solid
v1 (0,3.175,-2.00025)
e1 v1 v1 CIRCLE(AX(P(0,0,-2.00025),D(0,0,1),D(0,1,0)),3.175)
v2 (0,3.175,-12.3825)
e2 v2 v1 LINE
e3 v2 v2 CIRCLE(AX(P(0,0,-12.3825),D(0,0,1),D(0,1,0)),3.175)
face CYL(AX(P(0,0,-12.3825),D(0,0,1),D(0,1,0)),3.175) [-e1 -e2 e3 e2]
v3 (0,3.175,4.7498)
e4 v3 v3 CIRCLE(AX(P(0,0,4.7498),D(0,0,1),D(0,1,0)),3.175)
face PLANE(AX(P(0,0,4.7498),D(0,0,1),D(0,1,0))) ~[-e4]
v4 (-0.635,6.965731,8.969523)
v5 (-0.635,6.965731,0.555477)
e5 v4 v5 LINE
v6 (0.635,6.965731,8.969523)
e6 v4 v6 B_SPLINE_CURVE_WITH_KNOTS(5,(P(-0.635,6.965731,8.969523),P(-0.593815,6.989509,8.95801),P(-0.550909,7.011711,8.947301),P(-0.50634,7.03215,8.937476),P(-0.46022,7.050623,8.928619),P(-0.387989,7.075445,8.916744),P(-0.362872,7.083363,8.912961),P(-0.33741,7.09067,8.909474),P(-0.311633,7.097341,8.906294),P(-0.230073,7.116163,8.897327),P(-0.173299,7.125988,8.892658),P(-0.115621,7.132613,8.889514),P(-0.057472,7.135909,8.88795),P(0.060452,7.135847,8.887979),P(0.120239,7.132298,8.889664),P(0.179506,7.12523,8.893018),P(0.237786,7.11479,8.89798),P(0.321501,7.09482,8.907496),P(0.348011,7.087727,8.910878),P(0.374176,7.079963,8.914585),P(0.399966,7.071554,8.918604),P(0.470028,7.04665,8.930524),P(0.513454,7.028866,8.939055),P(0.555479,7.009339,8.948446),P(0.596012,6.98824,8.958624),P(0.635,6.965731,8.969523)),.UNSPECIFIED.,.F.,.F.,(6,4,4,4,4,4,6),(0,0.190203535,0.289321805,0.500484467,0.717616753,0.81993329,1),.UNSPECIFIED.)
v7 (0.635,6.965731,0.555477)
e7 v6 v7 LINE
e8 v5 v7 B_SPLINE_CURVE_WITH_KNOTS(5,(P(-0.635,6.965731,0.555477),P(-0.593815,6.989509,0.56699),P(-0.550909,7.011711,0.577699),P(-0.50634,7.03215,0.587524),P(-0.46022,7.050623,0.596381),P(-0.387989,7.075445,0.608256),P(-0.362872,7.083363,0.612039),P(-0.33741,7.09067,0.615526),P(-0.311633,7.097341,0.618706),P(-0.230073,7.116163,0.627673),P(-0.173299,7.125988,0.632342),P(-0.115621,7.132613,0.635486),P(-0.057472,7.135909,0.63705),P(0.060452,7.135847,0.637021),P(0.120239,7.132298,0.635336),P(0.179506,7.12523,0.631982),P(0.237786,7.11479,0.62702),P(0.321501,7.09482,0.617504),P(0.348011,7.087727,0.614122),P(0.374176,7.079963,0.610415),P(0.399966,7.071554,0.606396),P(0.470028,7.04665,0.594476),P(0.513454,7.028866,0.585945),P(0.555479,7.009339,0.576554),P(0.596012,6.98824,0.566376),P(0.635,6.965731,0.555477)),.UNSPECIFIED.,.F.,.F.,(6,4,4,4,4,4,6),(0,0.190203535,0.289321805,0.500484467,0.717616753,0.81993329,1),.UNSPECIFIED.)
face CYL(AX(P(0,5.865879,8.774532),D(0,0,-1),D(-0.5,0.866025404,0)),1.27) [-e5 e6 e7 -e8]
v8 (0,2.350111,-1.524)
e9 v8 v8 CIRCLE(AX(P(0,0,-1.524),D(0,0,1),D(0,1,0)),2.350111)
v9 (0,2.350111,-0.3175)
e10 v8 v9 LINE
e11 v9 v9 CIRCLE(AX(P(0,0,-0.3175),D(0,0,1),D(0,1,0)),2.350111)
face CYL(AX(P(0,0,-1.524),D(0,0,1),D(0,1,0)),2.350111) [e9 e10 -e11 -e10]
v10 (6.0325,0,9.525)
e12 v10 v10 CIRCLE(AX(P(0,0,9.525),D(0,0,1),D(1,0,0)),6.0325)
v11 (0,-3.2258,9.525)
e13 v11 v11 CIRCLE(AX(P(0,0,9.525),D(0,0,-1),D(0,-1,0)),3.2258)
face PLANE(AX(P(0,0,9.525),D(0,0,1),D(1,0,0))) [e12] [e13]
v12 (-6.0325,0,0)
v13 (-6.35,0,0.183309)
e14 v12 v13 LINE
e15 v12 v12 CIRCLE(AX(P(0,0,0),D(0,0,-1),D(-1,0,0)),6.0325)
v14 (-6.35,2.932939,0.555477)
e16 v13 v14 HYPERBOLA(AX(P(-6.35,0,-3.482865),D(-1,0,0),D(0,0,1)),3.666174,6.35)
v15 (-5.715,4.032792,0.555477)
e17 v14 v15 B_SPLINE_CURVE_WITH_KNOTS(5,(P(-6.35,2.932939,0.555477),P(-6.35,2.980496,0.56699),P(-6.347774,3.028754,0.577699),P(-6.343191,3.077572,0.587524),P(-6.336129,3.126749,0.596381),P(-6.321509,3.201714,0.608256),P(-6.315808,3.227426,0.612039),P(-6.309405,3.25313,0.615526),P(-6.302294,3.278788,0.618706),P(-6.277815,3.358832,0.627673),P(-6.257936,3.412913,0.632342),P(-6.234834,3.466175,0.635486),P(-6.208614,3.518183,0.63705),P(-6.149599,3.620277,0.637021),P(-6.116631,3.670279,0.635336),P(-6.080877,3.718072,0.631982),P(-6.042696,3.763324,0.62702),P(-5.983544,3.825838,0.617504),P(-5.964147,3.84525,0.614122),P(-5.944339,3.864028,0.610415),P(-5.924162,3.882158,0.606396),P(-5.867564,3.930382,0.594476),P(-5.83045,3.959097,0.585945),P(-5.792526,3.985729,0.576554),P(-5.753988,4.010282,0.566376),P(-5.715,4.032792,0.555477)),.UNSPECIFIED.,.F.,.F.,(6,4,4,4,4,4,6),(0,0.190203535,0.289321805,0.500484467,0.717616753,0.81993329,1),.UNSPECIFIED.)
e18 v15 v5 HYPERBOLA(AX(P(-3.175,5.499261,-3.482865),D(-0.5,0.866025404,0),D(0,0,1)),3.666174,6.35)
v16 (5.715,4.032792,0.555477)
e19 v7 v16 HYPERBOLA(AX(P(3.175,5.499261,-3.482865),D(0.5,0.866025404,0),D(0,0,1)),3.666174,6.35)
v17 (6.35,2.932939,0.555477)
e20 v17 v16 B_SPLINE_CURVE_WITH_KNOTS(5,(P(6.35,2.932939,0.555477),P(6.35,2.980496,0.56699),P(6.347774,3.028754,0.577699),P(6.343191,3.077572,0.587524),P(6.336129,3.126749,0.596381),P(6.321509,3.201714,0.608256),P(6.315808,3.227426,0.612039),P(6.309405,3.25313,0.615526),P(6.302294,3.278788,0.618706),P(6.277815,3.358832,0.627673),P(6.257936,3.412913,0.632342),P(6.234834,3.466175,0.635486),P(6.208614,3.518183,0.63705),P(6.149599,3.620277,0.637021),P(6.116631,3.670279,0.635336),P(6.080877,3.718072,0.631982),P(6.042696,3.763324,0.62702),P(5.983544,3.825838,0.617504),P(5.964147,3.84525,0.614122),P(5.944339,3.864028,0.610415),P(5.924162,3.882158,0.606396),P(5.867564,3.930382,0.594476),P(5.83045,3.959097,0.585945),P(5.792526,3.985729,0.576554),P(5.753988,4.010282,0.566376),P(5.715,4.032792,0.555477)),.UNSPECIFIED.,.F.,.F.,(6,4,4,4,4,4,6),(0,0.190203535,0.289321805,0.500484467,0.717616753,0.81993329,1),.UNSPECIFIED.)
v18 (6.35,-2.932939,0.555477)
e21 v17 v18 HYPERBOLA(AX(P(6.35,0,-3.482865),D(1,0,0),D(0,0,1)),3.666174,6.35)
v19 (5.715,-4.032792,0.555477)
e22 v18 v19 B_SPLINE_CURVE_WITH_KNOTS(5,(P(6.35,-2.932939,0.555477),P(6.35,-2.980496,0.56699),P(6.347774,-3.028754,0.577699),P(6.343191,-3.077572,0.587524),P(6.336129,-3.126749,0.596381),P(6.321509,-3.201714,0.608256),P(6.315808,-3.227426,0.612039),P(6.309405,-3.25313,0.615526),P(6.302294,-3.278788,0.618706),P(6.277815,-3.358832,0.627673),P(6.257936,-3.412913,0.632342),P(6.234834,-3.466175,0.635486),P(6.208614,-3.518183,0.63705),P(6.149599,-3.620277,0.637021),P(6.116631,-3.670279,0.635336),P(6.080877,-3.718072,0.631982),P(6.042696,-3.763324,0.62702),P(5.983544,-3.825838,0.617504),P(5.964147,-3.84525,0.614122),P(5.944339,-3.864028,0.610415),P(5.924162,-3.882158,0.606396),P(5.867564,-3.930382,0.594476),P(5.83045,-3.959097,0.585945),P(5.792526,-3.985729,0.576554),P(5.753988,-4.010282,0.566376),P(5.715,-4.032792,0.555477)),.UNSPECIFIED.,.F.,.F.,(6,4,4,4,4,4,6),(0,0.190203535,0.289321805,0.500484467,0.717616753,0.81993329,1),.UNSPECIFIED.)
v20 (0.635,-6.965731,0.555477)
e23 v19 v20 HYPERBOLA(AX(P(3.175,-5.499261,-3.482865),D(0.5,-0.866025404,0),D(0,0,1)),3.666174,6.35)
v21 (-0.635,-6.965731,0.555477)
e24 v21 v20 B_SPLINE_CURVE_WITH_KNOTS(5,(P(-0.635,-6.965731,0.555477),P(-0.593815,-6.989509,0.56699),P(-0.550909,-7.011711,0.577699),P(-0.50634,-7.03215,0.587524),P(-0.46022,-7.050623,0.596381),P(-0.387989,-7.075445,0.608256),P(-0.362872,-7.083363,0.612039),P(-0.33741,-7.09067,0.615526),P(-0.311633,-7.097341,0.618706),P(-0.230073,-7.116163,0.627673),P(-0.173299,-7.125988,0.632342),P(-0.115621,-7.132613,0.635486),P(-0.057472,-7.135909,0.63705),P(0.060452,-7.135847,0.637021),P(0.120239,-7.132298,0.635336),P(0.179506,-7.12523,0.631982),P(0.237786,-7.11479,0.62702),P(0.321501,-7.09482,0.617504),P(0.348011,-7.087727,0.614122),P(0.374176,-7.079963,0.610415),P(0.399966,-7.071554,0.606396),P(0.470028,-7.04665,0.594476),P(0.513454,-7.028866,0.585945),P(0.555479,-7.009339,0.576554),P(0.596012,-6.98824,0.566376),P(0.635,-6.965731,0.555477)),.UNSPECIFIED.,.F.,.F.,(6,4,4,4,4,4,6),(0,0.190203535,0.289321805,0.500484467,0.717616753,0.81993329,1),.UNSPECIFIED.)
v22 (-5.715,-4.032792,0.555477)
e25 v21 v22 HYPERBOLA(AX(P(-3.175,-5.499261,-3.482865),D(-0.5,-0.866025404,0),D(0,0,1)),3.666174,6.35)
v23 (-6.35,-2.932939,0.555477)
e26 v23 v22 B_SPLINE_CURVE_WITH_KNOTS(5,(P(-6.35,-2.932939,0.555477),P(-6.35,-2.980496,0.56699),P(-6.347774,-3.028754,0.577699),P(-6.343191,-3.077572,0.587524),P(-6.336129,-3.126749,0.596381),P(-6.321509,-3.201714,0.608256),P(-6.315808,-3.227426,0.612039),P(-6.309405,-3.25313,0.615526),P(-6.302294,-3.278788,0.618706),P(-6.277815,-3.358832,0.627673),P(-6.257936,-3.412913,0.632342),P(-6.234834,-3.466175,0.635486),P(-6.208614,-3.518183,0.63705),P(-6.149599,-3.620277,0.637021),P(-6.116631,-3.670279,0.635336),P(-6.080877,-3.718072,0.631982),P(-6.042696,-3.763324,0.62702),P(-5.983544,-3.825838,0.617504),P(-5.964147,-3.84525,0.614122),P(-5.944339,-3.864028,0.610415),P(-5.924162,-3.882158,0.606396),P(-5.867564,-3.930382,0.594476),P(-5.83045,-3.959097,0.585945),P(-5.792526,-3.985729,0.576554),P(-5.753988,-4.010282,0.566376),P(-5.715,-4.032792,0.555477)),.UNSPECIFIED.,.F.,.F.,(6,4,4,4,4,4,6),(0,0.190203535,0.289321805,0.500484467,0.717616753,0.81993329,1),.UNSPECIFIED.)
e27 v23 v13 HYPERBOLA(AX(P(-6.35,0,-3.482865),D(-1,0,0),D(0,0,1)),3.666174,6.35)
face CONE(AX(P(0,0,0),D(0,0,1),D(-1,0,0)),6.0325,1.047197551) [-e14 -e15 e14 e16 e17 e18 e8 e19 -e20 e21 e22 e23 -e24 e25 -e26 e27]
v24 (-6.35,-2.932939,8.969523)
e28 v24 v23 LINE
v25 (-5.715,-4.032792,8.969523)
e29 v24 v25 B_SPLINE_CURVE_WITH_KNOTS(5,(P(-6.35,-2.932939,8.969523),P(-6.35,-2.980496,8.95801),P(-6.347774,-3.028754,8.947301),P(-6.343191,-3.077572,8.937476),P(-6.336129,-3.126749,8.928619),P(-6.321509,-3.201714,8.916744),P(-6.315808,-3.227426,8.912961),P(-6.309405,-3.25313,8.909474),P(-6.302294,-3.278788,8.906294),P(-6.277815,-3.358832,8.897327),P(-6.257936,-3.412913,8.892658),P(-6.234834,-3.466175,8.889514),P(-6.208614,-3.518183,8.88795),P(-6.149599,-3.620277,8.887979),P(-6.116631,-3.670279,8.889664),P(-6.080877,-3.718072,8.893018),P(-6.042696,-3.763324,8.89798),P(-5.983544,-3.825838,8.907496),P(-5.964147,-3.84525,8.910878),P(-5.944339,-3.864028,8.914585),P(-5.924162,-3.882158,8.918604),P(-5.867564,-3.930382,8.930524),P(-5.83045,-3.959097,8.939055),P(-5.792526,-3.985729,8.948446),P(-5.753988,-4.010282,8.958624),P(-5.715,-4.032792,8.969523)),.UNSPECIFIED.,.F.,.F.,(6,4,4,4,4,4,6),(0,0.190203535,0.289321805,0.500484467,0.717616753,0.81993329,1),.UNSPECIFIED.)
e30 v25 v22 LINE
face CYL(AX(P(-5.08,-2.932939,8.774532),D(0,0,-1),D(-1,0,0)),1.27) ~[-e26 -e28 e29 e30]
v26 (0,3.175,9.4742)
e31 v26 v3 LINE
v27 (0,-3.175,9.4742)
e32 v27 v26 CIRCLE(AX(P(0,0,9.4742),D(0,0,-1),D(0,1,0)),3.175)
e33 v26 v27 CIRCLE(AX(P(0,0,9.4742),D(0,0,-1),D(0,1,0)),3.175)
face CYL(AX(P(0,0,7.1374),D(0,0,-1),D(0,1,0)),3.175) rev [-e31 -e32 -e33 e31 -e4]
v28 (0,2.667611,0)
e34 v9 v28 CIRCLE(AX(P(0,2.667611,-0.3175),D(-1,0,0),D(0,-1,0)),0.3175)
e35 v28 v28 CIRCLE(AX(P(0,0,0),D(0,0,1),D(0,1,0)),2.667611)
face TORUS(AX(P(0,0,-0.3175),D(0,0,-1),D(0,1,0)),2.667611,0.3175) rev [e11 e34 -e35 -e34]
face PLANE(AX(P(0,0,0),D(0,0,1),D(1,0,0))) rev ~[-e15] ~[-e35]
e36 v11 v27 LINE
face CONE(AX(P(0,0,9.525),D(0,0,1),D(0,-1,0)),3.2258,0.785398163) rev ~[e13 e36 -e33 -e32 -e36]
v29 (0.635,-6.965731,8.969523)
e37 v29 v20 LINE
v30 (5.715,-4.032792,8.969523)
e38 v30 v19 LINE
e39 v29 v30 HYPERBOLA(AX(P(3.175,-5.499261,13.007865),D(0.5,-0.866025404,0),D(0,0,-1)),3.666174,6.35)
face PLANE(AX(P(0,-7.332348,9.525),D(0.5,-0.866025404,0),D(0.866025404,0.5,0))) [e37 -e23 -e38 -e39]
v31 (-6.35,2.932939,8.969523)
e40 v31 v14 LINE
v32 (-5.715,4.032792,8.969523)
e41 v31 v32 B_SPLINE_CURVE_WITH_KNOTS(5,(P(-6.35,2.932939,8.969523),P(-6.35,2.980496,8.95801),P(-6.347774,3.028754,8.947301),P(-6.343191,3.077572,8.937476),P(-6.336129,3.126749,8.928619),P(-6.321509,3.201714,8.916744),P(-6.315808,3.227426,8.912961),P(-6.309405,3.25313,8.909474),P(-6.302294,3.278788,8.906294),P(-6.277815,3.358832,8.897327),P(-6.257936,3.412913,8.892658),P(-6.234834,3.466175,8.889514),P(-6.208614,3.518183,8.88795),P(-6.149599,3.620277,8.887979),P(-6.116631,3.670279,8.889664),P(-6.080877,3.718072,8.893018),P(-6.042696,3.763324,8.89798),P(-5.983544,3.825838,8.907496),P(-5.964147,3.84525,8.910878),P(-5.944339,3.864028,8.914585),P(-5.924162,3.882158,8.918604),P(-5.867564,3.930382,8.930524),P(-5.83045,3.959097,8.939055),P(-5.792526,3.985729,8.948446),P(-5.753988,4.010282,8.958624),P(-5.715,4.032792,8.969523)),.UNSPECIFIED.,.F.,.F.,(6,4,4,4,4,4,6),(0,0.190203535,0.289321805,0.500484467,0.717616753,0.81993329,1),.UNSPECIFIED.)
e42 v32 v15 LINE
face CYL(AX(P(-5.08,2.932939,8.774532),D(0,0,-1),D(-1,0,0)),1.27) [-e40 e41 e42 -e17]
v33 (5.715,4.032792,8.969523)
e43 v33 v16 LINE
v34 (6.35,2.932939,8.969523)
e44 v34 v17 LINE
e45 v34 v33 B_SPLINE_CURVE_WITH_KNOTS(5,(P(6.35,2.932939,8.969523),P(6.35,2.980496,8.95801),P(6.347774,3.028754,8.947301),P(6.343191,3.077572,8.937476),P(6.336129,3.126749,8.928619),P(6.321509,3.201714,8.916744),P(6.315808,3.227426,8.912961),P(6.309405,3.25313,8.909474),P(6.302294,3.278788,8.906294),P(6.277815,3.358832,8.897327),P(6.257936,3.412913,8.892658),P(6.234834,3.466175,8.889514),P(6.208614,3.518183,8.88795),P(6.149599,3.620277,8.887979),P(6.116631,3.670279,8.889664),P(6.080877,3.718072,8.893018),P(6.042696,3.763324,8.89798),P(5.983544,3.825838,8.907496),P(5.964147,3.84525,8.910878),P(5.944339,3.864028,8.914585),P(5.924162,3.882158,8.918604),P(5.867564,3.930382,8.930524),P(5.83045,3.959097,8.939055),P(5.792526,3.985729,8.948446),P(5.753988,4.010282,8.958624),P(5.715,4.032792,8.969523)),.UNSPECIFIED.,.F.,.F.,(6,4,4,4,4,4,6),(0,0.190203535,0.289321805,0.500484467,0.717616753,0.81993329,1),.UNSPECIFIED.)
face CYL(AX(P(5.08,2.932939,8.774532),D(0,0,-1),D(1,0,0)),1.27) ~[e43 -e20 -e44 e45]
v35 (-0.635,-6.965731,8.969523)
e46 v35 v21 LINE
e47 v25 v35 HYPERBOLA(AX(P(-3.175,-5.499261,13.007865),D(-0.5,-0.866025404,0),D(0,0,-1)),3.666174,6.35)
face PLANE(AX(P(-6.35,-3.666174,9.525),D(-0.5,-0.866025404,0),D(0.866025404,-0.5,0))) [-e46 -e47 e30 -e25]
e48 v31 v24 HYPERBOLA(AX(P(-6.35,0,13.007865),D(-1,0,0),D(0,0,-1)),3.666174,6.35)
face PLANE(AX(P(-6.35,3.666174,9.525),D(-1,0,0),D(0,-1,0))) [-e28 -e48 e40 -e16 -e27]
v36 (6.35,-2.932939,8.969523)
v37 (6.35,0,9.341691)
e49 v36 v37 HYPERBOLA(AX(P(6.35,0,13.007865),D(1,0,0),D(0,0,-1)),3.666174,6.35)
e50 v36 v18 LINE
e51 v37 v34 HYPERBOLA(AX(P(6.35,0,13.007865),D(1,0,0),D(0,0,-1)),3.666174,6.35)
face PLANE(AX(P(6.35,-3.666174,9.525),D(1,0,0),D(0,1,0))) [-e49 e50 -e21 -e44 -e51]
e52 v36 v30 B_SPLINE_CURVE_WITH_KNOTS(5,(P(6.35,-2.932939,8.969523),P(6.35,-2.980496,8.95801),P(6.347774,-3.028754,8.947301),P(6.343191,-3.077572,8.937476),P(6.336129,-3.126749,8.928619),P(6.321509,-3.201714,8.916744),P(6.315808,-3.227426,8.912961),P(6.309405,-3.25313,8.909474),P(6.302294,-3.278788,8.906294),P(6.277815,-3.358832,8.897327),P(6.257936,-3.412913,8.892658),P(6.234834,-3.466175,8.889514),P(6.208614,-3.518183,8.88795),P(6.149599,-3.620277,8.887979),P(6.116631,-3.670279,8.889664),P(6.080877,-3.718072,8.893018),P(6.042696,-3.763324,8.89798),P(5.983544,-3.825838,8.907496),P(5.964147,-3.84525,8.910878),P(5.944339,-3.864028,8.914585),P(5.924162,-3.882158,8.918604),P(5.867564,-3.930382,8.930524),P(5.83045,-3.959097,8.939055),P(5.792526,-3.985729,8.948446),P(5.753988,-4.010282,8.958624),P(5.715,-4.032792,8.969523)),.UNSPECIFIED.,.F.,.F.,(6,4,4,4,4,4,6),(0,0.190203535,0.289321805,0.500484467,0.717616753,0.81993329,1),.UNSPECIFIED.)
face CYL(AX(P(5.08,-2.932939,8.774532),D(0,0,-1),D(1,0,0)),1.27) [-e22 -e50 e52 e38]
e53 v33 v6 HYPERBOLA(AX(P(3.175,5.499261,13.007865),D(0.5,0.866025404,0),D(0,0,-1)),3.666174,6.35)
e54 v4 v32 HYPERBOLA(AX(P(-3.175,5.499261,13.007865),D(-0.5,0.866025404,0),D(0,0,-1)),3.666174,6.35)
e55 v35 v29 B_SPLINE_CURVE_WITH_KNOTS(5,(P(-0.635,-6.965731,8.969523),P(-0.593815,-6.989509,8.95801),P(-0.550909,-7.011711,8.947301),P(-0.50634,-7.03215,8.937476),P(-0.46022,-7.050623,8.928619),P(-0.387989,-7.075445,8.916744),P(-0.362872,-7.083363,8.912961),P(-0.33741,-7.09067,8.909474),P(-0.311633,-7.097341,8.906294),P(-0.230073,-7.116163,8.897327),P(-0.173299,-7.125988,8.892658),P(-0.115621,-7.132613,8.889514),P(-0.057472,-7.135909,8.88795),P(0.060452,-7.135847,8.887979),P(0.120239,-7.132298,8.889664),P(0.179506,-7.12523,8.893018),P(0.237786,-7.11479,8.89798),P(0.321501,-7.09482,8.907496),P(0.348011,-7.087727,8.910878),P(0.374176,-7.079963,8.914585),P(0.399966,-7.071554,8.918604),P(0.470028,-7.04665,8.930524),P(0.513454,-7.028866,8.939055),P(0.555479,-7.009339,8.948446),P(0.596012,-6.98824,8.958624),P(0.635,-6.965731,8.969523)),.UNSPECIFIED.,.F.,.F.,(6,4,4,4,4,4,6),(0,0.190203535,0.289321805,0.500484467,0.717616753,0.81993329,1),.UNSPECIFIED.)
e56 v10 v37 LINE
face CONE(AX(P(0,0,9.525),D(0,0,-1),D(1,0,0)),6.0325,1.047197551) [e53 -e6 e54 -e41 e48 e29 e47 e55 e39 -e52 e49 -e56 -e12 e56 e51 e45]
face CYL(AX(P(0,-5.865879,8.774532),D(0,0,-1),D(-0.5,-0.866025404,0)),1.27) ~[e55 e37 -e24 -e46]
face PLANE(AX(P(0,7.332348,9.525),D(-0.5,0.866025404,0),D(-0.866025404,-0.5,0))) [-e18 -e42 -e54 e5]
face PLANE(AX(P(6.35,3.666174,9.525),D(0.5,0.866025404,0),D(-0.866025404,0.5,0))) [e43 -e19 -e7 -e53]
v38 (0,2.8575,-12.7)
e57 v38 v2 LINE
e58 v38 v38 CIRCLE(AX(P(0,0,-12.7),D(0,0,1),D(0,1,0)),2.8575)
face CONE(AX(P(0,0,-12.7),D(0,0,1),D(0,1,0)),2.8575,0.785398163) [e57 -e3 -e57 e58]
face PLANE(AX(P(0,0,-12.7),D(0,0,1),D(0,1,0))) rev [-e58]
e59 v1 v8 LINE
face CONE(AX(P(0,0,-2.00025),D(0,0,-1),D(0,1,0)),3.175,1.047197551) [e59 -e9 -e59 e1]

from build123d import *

# Parameters (mm, degrees)
SKETCH4_R           = 4.7625
BOSS_EXTRUDE1_DEPTH = 9.525
SKETCH5_OUTSIDE_W   = 108.066
SKETCH5_OUTSIDE_H   = 110.03
SKETCH5_OUTSIDE_R   = 6.0325
CUT_EXTRUDE1_DEPTH  = 25.249463052
CUT_EXTRUDE1_DRAFT  = -60
SKETCH6_OUTSIDE_W   = 79.422
SKETCH6_OUTSIDE_H   = 81.386
SKETCH6_OUTSIDE_R   = 6.0325
CUT_EXTRUDE2_DEPTH  = 16.980482888
CUT_EXTRUDE2_DRAFT  = -60
FILLET1_R           = 1.27
SKETCH9_R           = 3.4925
BOSS_EXTRUDE2_DEPTH = 4.7752
SKETCH10_W          = 4.7752
SKETCH10_H          = 3.175


with BuildPart() as part:
    # Sketch3 → Revolve1 (revolve)
    with BuildSketch(Plane(origin=(0, 0, 0), x_dir=(0, 0, -1), z_dir=(1, 0, 0))):
        with BuildLine():
            Line((-4.7498, 2.8575), (-4.7498, 0))
            Line((-4.7498, 0), (12.7, 0))
            Line((12.7, 0), (12.7, 2.8575))
            Line((12.7, 2.8575), (12.3825, 3.175))
            Line((12.3825, 3.175), (2.00025, 3.175))
            Line((2.00025, 3.175), (1.524, 2.350110803))
            Line((1.524, 2.350110803), (0.3175, 2.350110803))
            ThreePointArc((0.3175, 2.350110803), (0.092993597, 2.4431044), (0, 2.667610803))
            Line((0, 2.667610803), (0, 6.35))
            Line((0, 6.35), (-9.525, 6.35))
            Line((-9.525, 6.35), (-9.525, 3.4925))
            Line((-9.525, 3.4925), (-9.2075, 3.175))
            Line((-9.2075, 3.175), (-5.0673, 3.175))
            Line((-5.0673, 3.175), (-4.7498, 2.8575))
        make_face()
    revolve(axis=Axis((0, 0, -12.7), (0, 0, 1)))

    # Sketch4 → Boss-Extrude1 (add)
    with BuildSketch(Plane.XY.offset(9.525)):
        Polygon((-6.35, 3.666174209), (-6.35, -3.666174209), (0, -7.332348419), (6.35, -3.666174209), (6.35, 3.666174209), (0, 7.332348419), align=None)
        Circle(SKETCH4_R, mode=Mode.SUBTRACT)
    extrude(amount=-BOSS_EXTRUDE1_DEPTH)


with BuildPart() as cut_extrude1_tool:
    # Sketch5 outside → Cut-Extrude1 (with draft: the straight prism first)
    with BuildSketch(Plane.XY.offset(9.525)):
        Rectangle(SKETCH5_OUTSIDE_W, SKETCH5_OUTSIDE_H)
        Circle(SKETCH5_OUTSIDE_R, mode=Mode.SUBTRACT)
    extrude(amount=-CUT_EXTRUDE1_DEPTH)
    # Cut-Extrude1: the draft: its side faces are tilted about the plane it starts from
    cut_extrude1_sides = [cut_extrude1_tool.faces().sort_by_distance(p)[0] for p in [
        (0, -55.015, -3.099731526),
        (54.033, 0, -3.099731526),
        (0, 55.015, -3.099731526),
        (-54.033, 0, -3.099731526),
        (-6.0325, 0, -3.099731526),
    ]]
    draft(cut_extrude1_sides, Plane.XY.offset(9.525), CUT_EXTRUDE1_DRAFT)


with BuildPart() as part_1:
    add(part.part)

    # Cut-Extrude1: cut by cut_extrude1_tool
    add(cut_extrude1_tool.part, mode=Mode.SUBTRACT)


with BuildPart() as cut_extrude2_tool:
    # Sketch6 outside → Cut-Extrude2 (with draft: the straight prism first)
    with BuildSketch(Plane(origin=(0, 0, 0), x_dir=(-1, 0, 0), z_dir=(0, 0, -1))):
        Rectangle(SKETCH6_OUTSIDE_W, SKETCH6_OUTSIDE_H)
        Circle(SKETCH6_OUTSIDE_R, mode=Mode.SUBTRACT)
    extrude(amount=-CUT_EXTRUDE2_DEPTH)
    # Cut-Extrude2: the draft: its side faces are tilted about the plane it starts from
    cut_extrude2_sides = [cut_extrude2_tool.faces().sort_by_distance(p)[0] for p in [
        (0, -40.693, 8.490241444),
        (-39.711, 0, 8.490241444),
        (0, 40.693, 8.490241444),
        (39.711, 0, 8.490241444),
        (6.0325, 0, 8.490241444),
    ]]
    draft(cut_extrude2_sides, Plane(origin=(0, 0, 0), x_dir=(-1, 0, 0), z_dir=(0, 0, -1)), CUT_EXTRUDE2_DRAFT)


with BuildPart() as part_2:
    add(part_1.part)

    # Cut-Extrude2: cut by cut_extrude2_tool
    add(cut_extrude2_tool.part, mode=Mode.SUBTRACT)

    # Fillet1
    fillet1_edges = [part_2.edges().sort_by_distance(p)[0] for p in [
        (0, 7.332348419, 4.7625),
        (-6.35, -3.666174209, 4.7625),
        (0, -7.332348419, 4.7625),
        (6.35, -3.666174209, 4.7625),
        (6.35, 3.666174209, 4.7625),
        (-6.35, 3.666174209, 4.7625),
    ]]
    fillet(fillet1_edges, radius=FILLET1_R)

    # Sketch9 → Boss-Extrude2 (add)
    with BuildSketch(Plane.XY.offset(4.7498)):
        Circle(SKETCH9_R)
    extrude(amount=BOSS_EXTRUDE2_DEPTH)


with BuildPart() as body_2:
    # Sketch10 → Revolve2 (revolve)
    with BuildSketch(Plane(origin=(0, 0, 0), x_dir=(0, 0, -1), z_dir=(1, 0, 0))):
        with Locations((-7.1374, 1.5875)):
            Rectangle(SKETCH10_W, SKETCH10_H)
    revolve(axis=Axis((0, 0, -12.7), (0, 0, 1)))


with BuildPart() as part_3:
    add(part_2.part)

    # Combine1: cut body 2
    add(body_2.part, mode=Mode.SUBTRACT)

    # Cut-Extrude3 cone 1 section (through the dimple's axis) → Cut-Extrude3 (revolve, cut)
    with BuildSketch(Plane(origin=(0, 0, 9.525), x_dir=(0, -1, 0), z_dir=(1, 0, 0))):
        Polygon((0, 0), (3.2258, 0), (0, 3.2258), align=None)
    revolve(axis=Axis((0, 0, 9.525), (0, 0, -1)), mode=Mode.SUBTRACT)


solid = part_3.part
